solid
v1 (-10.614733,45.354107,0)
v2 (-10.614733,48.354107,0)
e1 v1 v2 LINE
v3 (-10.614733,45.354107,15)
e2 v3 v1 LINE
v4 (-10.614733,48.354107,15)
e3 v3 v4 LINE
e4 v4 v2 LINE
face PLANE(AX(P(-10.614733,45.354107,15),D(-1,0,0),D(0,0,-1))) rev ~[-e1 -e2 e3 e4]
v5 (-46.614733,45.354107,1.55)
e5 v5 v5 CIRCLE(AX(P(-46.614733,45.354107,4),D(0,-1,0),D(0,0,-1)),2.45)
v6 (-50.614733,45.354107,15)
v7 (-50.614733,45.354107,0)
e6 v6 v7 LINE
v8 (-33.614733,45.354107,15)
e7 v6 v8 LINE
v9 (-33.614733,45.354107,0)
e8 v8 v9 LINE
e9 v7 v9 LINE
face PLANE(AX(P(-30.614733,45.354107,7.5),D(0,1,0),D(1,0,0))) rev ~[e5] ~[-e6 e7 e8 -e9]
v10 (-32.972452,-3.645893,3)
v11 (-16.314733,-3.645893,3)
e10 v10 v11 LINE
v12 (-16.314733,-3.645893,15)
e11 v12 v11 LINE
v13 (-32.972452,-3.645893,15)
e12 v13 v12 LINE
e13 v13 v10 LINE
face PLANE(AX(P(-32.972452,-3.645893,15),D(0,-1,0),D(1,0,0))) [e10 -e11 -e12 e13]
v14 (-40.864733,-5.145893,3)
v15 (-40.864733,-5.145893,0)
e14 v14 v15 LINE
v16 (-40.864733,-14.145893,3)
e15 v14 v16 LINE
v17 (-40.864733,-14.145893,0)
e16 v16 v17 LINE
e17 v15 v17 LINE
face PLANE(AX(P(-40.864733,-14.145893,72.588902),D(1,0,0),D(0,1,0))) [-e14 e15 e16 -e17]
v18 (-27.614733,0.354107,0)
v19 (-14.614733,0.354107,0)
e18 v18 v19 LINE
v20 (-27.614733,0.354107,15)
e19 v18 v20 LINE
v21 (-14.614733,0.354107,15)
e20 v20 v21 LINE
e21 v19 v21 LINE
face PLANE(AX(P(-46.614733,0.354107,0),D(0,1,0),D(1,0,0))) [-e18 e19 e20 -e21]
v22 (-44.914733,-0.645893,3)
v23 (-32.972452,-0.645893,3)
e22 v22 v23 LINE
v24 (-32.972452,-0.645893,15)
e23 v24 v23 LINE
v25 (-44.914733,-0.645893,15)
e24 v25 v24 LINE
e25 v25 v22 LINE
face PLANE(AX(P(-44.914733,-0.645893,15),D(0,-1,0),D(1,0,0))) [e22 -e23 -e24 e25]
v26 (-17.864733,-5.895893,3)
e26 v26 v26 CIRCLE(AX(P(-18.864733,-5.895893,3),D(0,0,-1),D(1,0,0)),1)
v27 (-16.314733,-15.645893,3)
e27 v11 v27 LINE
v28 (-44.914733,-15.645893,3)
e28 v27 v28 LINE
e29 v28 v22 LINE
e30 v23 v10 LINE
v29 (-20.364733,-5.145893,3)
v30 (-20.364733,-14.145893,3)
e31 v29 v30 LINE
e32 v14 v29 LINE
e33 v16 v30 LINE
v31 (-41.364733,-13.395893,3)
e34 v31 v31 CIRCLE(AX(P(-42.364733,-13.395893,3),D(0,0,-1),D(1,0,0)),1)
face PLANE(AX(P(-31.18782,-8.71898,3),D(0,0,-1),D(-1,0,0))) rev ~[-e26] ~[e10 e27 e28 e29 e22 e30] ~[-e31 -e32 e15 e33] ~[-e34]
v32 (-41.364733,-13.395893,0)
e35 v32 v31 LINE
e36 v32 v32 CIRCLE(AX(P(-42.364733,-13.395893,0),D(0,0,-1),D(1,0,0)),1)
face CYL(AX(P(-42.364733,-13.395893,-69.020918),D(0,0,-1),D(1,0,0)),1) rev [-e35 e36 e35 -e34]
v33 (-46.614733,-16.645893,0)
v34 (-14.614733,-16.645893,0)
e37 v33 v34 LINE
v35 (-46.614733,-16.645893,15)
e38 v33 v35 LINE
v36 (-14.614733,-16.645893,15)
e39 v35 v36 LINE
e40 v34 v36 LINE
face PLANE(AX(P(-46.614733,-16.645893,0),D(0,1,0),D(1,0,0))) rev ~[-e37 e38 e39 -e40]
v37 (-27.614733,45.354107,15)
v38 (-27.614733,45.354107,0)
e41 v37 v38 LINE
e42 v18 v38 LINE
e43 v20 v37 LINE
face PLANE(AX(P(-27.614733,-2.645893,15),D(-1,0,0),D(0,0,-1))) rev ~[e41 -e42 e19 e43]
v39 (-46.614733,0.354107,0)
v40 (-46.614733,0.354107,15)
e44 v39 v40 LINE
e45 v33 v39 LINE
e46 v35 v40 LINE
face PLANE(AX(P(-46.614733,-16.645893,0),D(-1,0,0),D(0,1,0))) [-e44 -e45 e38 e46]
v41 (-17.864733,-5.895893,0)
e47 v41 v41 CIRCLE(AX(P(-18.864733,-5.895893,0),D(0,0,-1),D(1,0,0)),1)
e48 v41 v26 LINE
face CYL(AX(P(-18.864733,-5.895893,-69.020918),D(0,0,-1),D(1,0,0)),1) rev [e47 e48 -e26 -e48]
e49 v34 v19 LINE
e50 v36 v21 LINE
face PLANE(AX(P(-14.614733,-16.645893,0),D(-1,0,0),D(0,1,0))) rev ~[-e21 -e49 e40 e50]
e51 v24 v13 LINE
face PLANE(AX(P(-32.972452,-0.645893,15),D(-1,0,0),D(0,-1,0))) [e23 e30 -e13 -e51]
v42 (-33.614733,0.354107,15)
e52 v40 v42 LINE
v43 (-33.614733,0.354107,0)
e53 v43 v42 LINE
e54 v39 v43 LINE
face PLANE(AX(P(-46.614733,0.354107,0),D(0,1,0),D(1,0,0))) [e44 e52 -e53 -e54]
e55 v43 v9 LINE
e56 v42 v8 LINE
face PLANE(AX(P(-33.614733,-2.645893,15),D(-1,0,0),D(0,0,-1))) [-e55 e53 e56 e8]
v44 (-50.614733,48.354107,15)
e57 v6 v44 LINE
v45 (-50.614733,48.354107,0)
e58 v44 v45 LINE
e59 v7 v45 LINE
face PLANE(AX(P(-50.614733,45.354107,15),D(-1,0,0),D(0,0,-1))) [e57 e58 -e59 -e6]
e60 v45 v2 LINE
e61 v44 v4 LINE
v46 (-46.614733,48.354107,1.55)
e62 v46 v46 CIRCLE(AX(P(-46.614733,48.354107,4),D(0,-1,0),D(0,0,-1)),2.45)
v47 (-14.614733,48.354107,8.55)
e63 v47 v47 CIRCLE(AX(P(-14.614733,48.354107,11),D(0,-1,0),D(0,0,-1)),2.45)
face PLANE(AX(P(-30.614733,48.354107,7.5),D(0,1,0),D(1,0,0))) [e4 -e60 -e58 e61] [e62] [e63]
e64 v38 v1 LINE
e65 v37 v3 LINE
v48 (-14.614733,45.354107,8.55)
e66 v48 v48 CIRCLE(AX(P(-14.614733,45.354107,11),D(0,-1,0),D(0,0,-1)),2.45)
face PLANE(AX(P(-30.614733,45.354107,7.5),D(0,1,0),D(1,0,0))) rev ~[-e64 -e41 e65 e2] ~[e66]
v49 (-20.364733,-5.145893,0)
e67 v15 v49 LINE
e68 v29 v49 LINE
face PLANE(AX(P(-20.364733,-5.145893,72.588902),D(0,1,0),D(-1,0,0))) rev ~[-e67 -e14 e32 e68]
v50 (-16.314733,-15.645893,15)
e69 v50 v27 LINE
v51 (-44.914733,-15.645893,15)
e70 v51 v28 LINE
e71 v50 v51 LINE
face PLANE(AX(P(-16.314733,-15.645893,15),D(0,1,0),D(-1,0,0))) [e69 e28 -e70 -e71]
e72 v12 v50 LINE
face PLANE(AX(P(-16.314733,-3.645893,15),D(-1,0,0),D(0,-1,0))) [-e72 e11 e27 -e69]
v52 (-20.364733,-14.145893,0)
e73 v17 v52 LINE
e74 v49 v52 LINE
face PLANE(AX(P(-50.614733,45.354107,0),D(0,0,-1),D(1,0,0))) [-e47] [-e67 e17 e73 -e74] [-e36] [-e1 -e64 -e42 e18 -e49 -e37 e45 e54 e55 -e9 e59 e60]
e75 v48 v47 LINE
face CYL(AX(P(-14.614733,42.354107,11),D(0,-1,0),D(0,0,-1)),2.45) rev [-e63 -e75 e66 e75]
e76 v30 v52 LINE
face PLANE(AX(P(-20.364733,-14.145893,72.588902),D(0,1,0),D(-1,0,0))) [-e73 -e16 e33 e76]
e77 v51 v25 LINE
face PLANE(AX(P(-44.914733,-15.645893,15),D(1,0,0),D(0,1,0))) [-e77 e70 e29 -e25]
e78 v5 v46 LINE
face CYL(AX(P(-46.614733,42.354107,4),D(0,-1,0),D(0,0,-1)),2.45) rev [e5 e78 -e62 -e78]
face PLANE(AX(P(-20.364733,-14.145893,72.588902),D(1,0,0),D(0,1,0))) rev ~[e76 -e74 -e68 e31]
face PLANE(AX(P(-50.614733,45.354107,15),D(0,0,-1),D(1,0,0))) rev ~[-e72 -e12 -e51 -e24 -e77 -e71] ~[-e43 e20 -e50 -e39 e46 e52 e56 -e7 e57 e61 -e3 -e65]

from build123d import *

# Parameters (mm, degrees)
ESBO_O1_W                     = 32
ESBO_O1_H                     = 17
RESSALTO_EXTRUS_O1_DEPTH      = 15
RESSALTO_EXTRUS_O2_DEPTH      = 45
RESSALTO_EXTRUS_O2_DEPTH_BACK = 3
ESBO_O2_W                     = 6
ESBO_O2_H                     = 15
ESBO_O3_W                     = 40
ESBO_O3_H                     = 15
RESSALTO_EXTRUS_O3_DEPTH      = 3
CORTE_EXTRUS_O1_DEPTH         = 84.736797348
CORTE_EXTRUS_O1_DEPTH_BACK    = 6
ESBO_O5_R                     = 2.45
CORTE_EXTRUS_O2_DEPTH         = 12
CORTE_EXTRUS_O3_DEPTH         = 72.02091848
CORTE_EXTRUS_O3_DEPTH_BACK    = 72.02091848
ESBO_O8_R                     = 1
CORTE_EXTRUS_O4_DEPTH         = 72.588901806
CORTE_EXTRUS_O4_DEPTH_BACK    = 72.588901806
ESBO_O9_W                     = 20.5
ESBO_O9_H                     = 9


with BuildPart() as part:
    # Esboço1 → Ressalto-extrusão1 (new body)
    with BuildSketch(Plane.XY):
        with Locations((-30.614733331, -8.145893332)):
            Rectangle(ESBO_O1_W, ESBO_O1_H)
    extrude(amount=RESSALTO_EXTRUS_O1_DEPTH)

    # Esboço2 → Ressalto-extrusão2 (add, two sides: drawn at the far end of the back side and taken through both)
    with BuildSketch(Plane(origin=(0, 0.354106668, 0), x_dir=(1, 0, 0), z_dir=(0, 1, 0)).offset(-RESSALTO_EXTRUS_O2_DEPTH_BACK)):
        with Locations((-30.614733331, -7.5)):
            Rectangle(ESBO_O2_W, ESBO_O2_H)
    extrude(amount=RESSALTO_EXTRUS_O2_DEPTH + RESSALTO_EXTRUS_O2_DEPTH_BACK)

    # Esboço3 → Ressalto-extrusão3 (add)
    with BuildSketch(Plane(origin=(0, 45.354106668, 0), x_dir=(1, 0, 0), z_dir=(0, 1, 0))):
        with Locations((-30.614733331, -7.5)):
            Rectangle(ESBO_O3_W, ESBO_O3_H)
    extrude(amount=RESSALTO_EXTRUS_O3_DEPTH)

    # Esboço5 → Corte-extrusão1 (cut, two sides: drawn at the far end of the back side and taken through both)
    with BuildSketch(Plane(origin=(0, 48.354106668, 0), x_dir=(1, 0, 0), z_dir=(0, 1, 0)).offset(-CORTE_EXTRUS_O1_DEPTH_BACK)):
        with Locations(Location((-46.614733331, -4, 0), (0, 0, 90))):
            Circle(ESBO_O5_R)
        with Locations(Location((-14.614733331, -11, 0), (0, 0, 90))):
            Circle(ESBO_O5_R)
    extrude(amount=CORTE_EXTRUS_O1_DEPTH + CORTE_EXTRUS_O1_DEPTH_BACK, mode=Mode.SUBTRACT)

    # Esboço7 → Corte-extrusão2 (cut)
    with BuildSketch(Plane.XY.offset(15)):
        Polygon((-44.914733331, -15.645893332), (-44.914733331, -0.645893332), (-32.972451845, -0.645893332), (-32.972451845, -3.645893332), (-16.314733331, -3.645893332), (-16.314733331, -15.645893332), align=None)
    extrude(amount=-CORTE_EXTRUS_O2_DEPTH, mode=Mode.SUBTRACT)

    # Esboço8 → Corte-extrusão3 (cut, two sides: drawn at the far end of the back side and taken through both)
    with BuildSketch(Plane.XY.offset(3).offset(-CORTE_EXTRUS_O3_DEPTH_BACK)):
        with Locations((-42.364733331, -13.395893332)):
            Circle(ESBO_O8_R)
        with Locations((-18.864733331, -5.895893332)):
            Circle(ESBO_O8_R)
    extrude(amount=CORTE_EXTRUS_O3_DEPTH + CORTE_EXTRUS_O3_DEPTH_BACK, mode=Mode.SUBTRACT)

    # Esboço9 → Corte-extrusão4 (cut, two sides: drawn at the far end of the back side and taken through both)
    with BuildSketch(Plane(origin=(0, 0, 0), x_dir=(-1, 0, 0), z_dir=(0, 0, -1)).offset(-CORTE_EXTRUS_O4_DEPTH_BACK)):
        with Locations((30.614733331, -9.645893332)):
            Rectangle(ESBO_O9_W, ESBO_O9_H)
    extrude(amount=CORTE_EXTRUS_O4_DEPTH + CORTE_EXTRUS_O4_DEPTH_BACK, mode=Mode.SUBTRACT)


solid = part.part
